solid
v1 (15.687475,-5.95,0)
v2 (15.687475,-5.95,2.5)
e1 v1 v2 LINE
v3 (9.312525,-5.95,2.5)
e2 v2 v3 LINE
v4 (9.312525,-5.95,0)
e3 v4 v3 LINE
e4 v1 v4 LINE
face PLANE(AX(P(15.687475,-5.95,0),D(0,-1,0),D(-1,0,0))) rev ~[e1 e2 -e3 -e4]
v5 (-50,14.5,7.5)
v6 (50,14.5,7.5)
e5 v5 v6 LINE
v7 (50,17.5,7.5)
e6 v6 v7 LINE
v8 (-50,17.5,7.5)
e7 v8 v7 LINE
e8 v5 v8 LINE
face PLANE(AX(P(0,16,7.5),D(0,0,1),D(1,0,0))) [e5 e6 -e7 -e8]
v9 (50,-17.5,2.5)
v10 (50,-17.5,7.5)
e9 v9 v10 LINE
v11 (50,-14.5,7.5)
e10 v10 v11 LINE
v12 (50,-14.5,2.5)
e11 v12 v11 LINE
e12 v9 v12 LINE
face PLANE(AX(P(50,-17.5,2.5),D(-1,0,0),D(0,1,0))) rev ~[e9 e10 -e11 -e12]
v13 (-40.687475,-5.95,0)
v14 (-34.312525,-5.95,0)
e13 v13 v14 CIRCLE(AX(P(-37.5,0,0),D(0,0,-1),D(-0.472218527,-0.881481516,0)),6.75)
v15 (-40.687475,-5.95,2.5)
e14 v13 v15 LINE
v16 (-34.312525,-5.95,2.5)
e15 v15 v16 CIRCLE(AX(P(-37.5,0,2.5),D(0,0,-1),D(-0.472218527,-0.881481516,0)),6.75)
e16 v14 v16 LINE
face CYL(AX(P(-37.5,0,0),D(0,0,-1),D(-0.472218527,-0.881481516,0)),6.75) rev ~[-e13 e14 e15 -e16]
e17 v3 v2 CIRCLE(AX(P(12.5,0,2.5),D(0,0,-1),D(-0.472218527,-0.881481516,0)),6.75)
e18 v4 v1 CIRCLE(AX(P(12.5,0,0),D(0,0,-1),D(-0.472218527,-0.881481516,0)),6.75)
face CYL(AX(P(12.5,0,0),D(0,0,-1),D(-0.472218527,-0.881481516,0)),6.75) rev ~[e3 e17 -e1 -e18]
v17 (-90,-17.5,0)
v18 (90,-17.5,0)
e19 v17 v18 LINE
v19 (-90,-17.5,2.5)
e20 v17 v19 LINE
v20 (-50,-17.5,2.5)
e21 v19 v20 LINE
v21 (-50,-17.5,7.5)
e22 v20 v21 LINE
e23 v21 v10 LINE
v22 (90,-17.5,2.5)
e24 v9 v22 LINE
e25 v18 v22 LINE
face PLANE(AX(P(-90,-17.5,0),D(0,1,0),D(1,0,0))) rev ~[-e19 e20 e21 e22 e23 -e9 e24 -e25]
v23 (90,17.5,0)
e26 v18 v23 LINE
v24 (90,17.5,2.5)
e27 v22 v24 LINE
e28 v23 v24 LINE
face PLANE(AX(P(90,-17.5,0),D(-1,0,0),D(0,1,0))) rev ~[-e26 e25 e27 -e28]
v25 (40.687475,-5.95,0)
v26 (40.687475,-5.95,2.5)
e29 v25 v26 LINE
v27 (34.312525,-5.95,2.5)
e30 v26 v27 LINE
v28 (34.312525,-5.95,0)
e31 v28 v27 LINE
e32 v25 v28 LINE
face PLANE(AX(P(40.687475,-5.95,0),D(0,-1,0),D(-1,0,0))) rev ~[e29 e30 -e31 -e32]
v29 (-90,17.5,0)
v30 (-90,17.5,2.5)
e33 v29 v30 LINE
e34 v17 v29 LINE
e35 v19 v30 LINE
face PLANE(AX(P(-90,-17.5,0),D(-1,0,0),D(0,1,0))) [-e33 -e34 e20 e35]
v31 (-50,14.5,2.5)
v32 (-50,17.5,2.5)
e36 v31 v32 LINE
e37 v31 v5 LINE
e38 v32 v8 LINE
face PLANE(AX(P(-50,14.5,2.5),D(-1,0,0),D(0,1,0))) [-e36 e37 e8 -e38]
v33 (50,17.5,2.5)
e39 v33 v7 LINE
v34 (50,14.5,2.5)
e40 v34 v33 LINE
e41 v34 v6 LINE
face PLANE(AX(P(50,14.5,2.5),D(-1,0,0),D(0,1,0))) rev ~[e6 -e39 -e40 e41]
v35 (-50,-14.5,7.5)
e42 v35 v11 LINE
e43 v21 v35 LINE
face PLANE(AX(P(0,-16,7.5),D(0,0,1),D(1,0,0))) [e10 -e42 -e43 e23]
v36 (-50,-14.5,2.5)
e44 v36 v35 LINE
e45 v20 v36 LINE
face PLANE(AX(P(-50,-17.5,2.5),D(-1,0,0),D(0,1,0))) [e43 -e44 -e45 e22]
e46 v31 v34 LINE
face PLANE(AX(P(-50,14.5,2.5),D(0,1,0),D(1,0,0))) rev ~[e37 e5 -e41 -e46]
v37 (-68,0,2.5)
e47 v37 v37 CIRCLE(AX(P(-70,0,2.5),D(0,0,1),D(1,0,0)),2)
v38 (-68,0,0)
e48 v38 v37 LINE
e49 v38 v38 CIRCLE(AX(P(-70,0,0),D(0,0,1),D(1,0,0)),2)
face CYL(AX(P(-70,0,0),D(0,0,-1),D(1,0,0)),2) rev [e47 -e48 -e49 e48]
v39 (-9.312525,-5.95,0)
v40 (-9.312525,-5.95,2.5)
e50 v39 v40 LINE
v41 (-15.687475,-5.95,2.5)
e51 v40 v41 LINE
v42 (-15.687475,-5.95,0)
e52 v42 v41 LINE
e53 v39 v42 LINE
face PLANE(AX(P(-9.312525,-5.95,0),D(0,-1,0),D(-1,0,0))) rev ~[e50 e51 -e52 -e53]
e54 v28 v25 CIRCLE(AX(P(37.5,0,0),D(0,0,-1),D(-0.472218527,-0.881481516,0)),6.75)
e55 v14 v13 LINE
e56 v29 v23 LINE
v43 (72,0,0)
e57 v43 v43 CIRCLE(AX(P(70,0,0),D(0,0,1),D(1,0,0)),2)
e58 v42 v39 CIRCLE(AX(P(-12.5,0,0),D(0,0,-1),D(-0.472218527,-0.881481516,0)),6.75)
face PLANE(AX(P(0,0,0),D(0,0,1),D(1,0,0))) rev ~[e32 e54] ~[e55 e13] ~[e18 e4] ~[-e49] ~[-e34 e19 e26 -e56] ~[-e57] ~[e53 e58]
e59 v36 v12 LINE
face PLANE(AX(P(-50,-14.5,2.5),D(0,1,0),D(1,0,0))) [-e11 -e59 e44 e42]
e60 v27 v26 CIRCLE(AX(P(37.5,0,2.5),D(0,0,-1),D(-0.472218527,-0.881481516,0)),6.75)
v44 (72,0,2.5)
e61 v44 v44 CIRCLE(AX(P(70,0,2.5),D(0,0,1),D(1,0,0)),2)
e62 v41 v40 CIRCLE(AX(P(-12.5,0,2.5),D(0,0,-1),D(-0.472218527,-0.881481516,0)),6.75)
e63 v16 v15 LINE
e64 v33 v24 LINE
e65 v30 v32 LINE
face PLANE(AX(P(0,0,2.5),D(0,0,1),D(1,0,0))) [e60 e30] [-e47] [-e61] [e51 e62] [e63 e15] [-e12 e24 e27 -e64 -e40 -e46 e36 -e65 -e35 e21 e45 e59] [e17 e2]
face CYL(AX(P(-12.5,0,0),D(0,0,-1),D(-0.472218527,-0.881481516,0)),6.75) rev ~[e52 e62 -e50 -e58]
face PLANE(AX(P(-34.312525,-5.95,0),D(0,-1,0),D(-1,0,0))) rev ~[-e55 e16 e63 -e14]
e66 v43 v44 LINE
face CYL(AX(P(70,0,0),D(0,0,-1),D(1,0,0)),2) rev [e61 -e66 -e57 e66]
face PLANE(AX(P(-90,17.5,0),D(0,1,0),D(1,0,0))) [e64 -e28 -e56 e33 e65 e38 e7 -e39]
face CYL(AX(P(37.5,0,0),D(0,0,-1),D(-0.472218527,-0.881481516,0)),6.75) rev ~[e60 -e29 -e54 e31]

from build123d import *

# Parameters (mm, degrees)
F0_W     = 180
F0_H     = 35
F0_R     = 2
F1_DEPTH = 2.5
F2_W     = 100
F2_H     = 3
F3_DEPTH = 5


with BuildPart() as f1:
    # F0 (on Top) → F1 (new body)
    with BuildSketch(Plane.XY):
        Rectangle(F0_W, F0_H)
        with Locations((-70, 0)):
            Circle(F0_R, mode=Mode.SUBTRACT)
        with BuildLine():
            ThreePointArc((-40.687475, -5.95), (-37.5, 6.75), (-34.312525, -5.95))
            Line((-34.312525, -5.95), (-40.687475, -5.95))
        make_face(mode=Mode.SUBTRACT)
        with BuildLine():
            ThreePointArc((-15.687475, -5.95), (-12.5, 6.75), (-9.312525, -5.95))
            Line((-9.312525, -5.95), (-15.687475, -5.95))
        make_face(mode=Mode.SUBTRACT)
        with BuildLine():
            Line((15.687475, -5.95), (9.312525, -5.95))
            ThreePointArc((9.312525, -5.95), (12.5, 6.75), (15.687475, -5.95))
        make_face(mode=Mode.SUBTRACT)
        with BuildLine():
            Line((40.687475, -5.95), (34.312525, -5.95))
            ThreePointArc((34.312525, -5.95), (37.5, 6.75), (40.687475, -5.95))
        make_face(mode=Mode.SUBTRACT)
        with Locations((70, 0)):
            Circle(F0_R, mode=Mode.SUBTRACT)
    extrude(amount=F1_DEPTH)

    # F2 (on face) → F3 (join)
    with BuildSketch(Plane.XY.offset(2.5)):
        with Locations((0, -16)):
            Rectangle(F2_W, F2_H)
        with Locations((0, 16)):
            Rectangle(F2_W, F2_H)
    extrude(amount=F3_DEPTH)


solid = f1.part
